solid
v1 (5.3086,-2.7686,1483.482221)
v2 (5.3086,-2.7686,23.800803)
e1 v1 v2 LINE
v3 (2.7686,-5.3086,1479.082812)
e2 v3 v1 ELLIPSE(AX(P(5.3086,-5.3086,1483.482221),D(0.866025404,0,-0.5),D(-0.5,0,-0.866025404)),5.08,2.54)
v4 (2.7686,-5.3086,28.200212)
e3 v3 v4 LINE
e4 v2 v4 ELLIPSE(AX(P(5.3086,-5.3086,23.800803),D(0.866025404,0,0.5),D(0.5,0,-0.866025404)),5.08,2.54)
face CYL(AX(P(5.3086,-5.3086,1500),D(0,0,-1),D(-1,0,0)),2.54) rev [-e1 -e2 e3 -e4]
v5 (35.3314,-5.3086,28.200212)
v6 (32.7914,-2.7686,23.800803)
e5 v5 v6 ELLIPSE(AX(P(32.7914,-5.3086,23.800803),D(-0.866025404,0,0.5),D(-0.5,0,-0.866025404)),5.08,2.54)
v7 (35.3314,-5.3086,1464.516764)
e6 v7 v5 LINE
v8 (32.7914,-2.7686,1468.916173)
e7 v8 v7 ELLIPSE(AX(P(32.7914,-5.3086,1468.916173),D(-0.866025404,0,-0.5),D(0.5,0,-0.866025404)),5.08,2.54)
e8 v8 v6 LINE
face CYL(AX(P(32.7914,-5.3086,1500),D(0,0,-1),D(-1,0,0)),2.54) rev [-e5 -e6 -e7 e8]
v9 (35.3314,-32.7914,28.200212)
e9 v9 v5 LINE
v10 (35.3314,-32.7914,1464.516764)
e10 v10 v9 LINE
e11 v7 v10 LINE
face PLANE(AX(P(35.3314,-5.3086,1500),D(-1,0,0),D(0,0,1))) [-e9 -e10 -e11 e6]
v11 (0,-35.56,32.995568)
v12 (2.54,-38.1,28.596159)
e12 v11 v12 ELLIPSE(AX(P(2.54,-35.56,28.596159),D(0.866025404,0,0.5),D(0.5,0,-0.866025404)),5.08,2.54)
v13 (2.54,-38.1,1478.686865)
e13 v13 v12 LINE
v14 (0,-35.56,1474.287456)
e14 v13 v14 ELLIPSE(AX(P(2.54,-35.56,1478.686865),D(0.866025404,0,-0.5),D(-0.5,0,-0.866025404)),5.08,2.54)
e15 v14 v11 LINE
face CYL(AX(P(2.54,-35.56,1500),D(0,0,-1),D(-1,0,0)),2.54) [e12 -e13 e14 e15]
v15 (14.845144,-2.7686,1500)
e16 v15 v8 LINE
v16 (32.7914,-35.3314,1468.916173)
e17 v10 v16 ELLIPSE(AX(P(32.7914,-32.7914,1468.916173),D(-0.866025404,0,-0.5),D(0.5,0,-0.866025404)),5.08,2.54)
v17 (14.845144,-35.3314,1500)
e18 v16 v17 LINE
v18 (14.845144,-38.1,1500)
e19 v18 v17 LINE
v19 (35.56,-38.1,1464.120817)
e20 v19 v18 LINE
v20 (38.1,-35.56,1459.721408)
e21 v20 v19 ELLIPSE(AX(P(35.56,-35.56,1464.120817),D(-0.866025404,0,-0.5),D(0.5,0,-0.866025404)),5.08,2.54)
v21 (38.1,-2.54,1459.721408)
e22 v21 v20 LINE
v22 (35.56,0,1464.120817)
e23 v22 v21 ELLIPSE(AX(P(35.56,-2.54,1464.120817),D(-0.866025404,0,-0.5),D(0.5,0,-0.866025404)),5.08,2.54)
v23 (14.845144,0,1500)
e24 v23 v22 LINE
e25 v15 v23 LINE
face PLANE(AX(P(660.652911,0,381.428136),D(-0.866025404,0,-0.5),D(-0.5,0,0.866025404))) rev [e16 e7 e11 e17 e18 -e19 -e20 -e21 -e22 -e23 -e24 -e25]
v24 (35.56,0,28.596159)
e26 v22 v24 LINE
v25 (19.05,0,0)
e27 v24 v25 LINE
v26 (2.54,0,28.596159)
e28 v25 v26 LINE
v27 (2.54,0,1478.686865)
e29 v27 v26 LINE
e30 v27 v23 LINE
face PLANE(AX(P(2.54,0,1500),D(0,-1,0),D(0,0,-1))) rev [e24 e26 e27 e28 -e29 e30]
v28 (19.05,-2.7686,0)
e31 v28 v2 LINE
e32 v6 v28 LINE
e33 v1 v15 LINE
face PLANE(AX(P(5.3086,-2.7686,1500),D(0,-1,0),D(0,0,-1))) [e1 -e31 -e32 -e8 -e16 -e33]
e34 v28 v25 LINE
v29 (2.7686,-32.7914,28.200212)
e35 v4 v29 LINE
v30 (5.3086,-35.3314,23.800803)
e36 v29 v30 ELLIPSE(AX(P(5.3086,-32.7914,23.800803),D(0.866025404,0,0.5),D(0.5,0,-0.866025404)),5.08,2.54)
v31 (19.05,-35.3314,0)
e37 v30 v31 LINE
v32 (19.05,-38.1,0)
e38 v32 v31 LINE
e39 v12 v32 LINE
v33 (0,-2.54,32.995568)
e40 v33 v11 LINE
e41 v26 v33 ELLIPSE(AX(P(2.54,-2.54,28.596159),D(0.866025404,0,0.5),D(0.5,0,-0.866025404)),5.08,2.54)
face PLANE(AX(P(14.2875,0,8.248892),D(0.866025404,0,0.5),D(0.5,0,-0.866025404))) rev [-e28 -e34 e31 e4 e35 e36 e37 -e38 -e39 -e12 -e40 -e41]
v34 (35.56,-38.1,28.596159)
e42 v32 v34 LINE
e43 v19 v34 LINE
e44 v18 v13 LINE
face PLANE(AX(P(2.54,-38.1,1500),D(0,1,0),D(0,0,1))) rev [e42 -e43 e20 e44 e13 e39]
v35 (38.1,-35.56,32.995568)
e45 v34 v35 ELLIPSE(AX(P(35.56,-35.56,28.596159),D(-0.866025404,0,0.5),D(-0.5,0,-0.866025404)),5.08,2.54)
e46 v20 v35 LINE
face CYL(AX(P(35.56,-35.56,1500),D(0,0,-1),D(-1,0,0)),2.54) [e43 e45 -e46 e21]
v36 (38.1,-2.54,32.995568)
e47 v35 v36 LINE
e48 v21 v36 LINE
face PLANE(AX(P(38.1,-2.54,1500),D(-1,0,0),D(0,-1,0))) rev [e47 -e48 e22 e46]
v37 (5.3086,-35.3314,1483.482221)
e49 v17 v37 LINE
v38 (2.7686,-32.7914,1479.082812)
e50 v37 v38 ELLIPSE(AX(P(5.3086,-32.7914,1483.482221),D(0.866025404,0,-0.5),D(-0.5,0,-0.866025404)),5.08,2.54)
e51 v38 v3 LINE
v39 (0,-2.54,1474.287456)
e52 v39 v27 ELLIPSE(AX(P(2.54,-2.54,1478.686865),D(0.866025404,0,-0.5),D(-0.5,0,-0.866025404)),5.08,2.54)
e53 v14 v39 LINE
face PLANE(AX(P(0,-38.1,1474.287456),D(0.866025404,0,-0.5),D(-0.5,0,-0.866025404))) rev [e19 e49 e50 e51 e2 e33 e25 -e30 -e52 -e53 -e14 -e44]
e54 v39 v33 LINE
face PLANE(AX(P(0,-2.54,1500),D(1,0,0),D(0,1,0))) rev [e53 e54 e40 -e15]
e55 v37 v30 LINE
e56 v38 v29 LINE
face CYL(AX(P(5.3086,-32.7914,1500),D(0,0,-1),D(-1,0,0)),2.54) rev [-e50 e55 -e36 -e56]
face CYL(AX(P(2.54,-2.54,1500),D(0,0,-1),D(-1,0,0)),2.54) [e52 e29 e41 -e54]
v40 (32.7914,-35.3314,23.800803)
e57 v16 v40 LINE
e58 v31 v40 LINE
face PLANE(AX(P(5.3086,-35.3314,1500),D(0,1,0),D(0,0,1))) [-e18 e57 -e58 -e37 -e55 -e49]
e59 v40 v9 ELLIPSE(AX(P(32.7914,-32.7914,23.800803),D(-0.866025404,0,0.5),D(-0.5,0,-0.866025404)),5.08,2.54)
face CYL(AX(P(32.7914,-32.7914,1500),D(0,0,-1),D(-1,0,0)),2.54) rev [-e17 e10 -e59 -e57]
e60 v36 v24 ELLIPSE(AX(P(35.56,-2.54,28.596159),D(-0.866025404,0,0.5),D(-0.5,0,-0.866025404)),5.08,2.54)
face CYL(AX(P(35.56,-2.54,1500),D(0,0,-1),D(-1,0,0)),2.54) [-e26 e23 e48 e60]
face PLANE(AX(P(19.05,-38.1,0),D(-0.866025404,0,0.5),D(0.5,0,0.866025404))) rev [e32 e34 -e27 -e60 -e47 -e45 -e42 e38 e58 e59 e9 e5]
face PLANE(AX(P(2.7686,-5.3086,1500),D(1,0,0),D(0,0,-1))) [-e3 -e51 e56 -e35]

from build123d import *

# Parameters (mm, degrees)
BOSS_EXTRUDE1_DEPTH     = 1500
CUT_EXTRUDE1_DEPTH      = 1501.967428028
CUT_EXTRUDE1_DEPTH_BACK = 1501.967428028
CUT_EXTRUDE2_DEPTH      = 1501.967428028
CUT_EXTRUDE2_DEPTH_BACK = 1501.967428028


with BuildPart() as part:
    # Sketch1 → Boss-Extrude1 (new body)
    with BuildSketch(Plane.XY):
        with BuildLine():
            Line((2.54, 0), (35.56, 0))
            ThreePointArc((35.56, 0), (37.356051224, -0.743948776), (38.1, -2.54))
            Line((38.1, -2.54), (38.1, -35.56))
            ThreePointArc((38.1, -35.56), (37.356051224, -37.356051224), (35.56, -38.1))
            Line((35.56, -38.1), (2.54, -38.1))
            ThreePointArc((2.54, -38.1), (0.743948776, -37.356051224), (0, -35.56))
            Line((0, -35.56), (0, -2.54))
            ThreePointArc((0, -2.54), (0.743948776, -0.743948776), (2.54, 0))
        make_face()
        with BuildLine():
            Line((5.3086, -2.7686), (32.7914, -2.7686))
            ThreePointArc((32.7914, -2.7686), (34.587451224, -3.512548776), (35.3314, -5.3086))
            Line((35.3314, -5.3086), (35.3314, -32.7914))
            ThreePointArc((35.3314, -32.7914), (34.587451224, -34.587451224), (32.7914, -35.3314))
            Line((32.7914, -35.3314), (5.3086, -35.3314))
            ThreePointArc((5.3086, -35.3314), (3.512548776, -34.587451224), (2.7686, -32.7914))
            Line((2.7686, -32.7914), (2.7686, -5.3086))
            ThreePointArc((2.7686, -5.3086), (3.512548776, -3.512548776), (5.3086, -2.7686))
        make_face(mode=Mode.SUBTRACT)
    extrude(amount=BOSS_EXTRUDE1_DEPTH)

    # Sketch2 → Cut-Extrude1 (cut, two sides: drawn at the far end of the back side and taken through both)
    with BuildSketch(Plane(origin=(0, 0, 0), x_dir=(1, 0, 0), z_dir=(0, 1, 0)).offset(-CUT_EXTRUDE1_DEPTH_BACK)):
        Polygon((19.05, 0), (38.1, -32.995567884), (38.1, 0), align=None)
        Polygon((0, -1500), (0, -1474.287456108), (14.845144137, -1500), align=None)
    extrude(amount=CUT_EXTRUDE1_DEPTH + CUT_EXTRUDE1_DEPTH_BACK, mode=Mode.SUBTRACT)

    # Sketch3 → Cut-Extrude2 (cut, two sides: drawn at the far end of the back side and taken through both)
    with BuildSketch(Plane.XZ.offset(38.1).offset(-CUT_EXTRUDE2_DEPTH_BACK)):
        Polygon((35.56, 1500), (14.845144137, 1500), (35.56, 1464.120817175), align=None)
        Polygon((35.56, 1500), (35.56, 1464.120817175), (38.1, 1459.721408123), (38.1, 1500), align=None)
        Polygon((2.54, 0), (2.54, 28.596158833), (0, 32.995567884), (0, 0), align=None)
        Polygon((19.05, 0), (2.54, 28.596158833), (2.54, 0), align=None)
    extrude(amount=CUT_EXTRUDE2_DEPTH + CUT_EXTRUDE2_DEPTH_BACK, mode=Mode.SUBTRACT)


solid = part.part
